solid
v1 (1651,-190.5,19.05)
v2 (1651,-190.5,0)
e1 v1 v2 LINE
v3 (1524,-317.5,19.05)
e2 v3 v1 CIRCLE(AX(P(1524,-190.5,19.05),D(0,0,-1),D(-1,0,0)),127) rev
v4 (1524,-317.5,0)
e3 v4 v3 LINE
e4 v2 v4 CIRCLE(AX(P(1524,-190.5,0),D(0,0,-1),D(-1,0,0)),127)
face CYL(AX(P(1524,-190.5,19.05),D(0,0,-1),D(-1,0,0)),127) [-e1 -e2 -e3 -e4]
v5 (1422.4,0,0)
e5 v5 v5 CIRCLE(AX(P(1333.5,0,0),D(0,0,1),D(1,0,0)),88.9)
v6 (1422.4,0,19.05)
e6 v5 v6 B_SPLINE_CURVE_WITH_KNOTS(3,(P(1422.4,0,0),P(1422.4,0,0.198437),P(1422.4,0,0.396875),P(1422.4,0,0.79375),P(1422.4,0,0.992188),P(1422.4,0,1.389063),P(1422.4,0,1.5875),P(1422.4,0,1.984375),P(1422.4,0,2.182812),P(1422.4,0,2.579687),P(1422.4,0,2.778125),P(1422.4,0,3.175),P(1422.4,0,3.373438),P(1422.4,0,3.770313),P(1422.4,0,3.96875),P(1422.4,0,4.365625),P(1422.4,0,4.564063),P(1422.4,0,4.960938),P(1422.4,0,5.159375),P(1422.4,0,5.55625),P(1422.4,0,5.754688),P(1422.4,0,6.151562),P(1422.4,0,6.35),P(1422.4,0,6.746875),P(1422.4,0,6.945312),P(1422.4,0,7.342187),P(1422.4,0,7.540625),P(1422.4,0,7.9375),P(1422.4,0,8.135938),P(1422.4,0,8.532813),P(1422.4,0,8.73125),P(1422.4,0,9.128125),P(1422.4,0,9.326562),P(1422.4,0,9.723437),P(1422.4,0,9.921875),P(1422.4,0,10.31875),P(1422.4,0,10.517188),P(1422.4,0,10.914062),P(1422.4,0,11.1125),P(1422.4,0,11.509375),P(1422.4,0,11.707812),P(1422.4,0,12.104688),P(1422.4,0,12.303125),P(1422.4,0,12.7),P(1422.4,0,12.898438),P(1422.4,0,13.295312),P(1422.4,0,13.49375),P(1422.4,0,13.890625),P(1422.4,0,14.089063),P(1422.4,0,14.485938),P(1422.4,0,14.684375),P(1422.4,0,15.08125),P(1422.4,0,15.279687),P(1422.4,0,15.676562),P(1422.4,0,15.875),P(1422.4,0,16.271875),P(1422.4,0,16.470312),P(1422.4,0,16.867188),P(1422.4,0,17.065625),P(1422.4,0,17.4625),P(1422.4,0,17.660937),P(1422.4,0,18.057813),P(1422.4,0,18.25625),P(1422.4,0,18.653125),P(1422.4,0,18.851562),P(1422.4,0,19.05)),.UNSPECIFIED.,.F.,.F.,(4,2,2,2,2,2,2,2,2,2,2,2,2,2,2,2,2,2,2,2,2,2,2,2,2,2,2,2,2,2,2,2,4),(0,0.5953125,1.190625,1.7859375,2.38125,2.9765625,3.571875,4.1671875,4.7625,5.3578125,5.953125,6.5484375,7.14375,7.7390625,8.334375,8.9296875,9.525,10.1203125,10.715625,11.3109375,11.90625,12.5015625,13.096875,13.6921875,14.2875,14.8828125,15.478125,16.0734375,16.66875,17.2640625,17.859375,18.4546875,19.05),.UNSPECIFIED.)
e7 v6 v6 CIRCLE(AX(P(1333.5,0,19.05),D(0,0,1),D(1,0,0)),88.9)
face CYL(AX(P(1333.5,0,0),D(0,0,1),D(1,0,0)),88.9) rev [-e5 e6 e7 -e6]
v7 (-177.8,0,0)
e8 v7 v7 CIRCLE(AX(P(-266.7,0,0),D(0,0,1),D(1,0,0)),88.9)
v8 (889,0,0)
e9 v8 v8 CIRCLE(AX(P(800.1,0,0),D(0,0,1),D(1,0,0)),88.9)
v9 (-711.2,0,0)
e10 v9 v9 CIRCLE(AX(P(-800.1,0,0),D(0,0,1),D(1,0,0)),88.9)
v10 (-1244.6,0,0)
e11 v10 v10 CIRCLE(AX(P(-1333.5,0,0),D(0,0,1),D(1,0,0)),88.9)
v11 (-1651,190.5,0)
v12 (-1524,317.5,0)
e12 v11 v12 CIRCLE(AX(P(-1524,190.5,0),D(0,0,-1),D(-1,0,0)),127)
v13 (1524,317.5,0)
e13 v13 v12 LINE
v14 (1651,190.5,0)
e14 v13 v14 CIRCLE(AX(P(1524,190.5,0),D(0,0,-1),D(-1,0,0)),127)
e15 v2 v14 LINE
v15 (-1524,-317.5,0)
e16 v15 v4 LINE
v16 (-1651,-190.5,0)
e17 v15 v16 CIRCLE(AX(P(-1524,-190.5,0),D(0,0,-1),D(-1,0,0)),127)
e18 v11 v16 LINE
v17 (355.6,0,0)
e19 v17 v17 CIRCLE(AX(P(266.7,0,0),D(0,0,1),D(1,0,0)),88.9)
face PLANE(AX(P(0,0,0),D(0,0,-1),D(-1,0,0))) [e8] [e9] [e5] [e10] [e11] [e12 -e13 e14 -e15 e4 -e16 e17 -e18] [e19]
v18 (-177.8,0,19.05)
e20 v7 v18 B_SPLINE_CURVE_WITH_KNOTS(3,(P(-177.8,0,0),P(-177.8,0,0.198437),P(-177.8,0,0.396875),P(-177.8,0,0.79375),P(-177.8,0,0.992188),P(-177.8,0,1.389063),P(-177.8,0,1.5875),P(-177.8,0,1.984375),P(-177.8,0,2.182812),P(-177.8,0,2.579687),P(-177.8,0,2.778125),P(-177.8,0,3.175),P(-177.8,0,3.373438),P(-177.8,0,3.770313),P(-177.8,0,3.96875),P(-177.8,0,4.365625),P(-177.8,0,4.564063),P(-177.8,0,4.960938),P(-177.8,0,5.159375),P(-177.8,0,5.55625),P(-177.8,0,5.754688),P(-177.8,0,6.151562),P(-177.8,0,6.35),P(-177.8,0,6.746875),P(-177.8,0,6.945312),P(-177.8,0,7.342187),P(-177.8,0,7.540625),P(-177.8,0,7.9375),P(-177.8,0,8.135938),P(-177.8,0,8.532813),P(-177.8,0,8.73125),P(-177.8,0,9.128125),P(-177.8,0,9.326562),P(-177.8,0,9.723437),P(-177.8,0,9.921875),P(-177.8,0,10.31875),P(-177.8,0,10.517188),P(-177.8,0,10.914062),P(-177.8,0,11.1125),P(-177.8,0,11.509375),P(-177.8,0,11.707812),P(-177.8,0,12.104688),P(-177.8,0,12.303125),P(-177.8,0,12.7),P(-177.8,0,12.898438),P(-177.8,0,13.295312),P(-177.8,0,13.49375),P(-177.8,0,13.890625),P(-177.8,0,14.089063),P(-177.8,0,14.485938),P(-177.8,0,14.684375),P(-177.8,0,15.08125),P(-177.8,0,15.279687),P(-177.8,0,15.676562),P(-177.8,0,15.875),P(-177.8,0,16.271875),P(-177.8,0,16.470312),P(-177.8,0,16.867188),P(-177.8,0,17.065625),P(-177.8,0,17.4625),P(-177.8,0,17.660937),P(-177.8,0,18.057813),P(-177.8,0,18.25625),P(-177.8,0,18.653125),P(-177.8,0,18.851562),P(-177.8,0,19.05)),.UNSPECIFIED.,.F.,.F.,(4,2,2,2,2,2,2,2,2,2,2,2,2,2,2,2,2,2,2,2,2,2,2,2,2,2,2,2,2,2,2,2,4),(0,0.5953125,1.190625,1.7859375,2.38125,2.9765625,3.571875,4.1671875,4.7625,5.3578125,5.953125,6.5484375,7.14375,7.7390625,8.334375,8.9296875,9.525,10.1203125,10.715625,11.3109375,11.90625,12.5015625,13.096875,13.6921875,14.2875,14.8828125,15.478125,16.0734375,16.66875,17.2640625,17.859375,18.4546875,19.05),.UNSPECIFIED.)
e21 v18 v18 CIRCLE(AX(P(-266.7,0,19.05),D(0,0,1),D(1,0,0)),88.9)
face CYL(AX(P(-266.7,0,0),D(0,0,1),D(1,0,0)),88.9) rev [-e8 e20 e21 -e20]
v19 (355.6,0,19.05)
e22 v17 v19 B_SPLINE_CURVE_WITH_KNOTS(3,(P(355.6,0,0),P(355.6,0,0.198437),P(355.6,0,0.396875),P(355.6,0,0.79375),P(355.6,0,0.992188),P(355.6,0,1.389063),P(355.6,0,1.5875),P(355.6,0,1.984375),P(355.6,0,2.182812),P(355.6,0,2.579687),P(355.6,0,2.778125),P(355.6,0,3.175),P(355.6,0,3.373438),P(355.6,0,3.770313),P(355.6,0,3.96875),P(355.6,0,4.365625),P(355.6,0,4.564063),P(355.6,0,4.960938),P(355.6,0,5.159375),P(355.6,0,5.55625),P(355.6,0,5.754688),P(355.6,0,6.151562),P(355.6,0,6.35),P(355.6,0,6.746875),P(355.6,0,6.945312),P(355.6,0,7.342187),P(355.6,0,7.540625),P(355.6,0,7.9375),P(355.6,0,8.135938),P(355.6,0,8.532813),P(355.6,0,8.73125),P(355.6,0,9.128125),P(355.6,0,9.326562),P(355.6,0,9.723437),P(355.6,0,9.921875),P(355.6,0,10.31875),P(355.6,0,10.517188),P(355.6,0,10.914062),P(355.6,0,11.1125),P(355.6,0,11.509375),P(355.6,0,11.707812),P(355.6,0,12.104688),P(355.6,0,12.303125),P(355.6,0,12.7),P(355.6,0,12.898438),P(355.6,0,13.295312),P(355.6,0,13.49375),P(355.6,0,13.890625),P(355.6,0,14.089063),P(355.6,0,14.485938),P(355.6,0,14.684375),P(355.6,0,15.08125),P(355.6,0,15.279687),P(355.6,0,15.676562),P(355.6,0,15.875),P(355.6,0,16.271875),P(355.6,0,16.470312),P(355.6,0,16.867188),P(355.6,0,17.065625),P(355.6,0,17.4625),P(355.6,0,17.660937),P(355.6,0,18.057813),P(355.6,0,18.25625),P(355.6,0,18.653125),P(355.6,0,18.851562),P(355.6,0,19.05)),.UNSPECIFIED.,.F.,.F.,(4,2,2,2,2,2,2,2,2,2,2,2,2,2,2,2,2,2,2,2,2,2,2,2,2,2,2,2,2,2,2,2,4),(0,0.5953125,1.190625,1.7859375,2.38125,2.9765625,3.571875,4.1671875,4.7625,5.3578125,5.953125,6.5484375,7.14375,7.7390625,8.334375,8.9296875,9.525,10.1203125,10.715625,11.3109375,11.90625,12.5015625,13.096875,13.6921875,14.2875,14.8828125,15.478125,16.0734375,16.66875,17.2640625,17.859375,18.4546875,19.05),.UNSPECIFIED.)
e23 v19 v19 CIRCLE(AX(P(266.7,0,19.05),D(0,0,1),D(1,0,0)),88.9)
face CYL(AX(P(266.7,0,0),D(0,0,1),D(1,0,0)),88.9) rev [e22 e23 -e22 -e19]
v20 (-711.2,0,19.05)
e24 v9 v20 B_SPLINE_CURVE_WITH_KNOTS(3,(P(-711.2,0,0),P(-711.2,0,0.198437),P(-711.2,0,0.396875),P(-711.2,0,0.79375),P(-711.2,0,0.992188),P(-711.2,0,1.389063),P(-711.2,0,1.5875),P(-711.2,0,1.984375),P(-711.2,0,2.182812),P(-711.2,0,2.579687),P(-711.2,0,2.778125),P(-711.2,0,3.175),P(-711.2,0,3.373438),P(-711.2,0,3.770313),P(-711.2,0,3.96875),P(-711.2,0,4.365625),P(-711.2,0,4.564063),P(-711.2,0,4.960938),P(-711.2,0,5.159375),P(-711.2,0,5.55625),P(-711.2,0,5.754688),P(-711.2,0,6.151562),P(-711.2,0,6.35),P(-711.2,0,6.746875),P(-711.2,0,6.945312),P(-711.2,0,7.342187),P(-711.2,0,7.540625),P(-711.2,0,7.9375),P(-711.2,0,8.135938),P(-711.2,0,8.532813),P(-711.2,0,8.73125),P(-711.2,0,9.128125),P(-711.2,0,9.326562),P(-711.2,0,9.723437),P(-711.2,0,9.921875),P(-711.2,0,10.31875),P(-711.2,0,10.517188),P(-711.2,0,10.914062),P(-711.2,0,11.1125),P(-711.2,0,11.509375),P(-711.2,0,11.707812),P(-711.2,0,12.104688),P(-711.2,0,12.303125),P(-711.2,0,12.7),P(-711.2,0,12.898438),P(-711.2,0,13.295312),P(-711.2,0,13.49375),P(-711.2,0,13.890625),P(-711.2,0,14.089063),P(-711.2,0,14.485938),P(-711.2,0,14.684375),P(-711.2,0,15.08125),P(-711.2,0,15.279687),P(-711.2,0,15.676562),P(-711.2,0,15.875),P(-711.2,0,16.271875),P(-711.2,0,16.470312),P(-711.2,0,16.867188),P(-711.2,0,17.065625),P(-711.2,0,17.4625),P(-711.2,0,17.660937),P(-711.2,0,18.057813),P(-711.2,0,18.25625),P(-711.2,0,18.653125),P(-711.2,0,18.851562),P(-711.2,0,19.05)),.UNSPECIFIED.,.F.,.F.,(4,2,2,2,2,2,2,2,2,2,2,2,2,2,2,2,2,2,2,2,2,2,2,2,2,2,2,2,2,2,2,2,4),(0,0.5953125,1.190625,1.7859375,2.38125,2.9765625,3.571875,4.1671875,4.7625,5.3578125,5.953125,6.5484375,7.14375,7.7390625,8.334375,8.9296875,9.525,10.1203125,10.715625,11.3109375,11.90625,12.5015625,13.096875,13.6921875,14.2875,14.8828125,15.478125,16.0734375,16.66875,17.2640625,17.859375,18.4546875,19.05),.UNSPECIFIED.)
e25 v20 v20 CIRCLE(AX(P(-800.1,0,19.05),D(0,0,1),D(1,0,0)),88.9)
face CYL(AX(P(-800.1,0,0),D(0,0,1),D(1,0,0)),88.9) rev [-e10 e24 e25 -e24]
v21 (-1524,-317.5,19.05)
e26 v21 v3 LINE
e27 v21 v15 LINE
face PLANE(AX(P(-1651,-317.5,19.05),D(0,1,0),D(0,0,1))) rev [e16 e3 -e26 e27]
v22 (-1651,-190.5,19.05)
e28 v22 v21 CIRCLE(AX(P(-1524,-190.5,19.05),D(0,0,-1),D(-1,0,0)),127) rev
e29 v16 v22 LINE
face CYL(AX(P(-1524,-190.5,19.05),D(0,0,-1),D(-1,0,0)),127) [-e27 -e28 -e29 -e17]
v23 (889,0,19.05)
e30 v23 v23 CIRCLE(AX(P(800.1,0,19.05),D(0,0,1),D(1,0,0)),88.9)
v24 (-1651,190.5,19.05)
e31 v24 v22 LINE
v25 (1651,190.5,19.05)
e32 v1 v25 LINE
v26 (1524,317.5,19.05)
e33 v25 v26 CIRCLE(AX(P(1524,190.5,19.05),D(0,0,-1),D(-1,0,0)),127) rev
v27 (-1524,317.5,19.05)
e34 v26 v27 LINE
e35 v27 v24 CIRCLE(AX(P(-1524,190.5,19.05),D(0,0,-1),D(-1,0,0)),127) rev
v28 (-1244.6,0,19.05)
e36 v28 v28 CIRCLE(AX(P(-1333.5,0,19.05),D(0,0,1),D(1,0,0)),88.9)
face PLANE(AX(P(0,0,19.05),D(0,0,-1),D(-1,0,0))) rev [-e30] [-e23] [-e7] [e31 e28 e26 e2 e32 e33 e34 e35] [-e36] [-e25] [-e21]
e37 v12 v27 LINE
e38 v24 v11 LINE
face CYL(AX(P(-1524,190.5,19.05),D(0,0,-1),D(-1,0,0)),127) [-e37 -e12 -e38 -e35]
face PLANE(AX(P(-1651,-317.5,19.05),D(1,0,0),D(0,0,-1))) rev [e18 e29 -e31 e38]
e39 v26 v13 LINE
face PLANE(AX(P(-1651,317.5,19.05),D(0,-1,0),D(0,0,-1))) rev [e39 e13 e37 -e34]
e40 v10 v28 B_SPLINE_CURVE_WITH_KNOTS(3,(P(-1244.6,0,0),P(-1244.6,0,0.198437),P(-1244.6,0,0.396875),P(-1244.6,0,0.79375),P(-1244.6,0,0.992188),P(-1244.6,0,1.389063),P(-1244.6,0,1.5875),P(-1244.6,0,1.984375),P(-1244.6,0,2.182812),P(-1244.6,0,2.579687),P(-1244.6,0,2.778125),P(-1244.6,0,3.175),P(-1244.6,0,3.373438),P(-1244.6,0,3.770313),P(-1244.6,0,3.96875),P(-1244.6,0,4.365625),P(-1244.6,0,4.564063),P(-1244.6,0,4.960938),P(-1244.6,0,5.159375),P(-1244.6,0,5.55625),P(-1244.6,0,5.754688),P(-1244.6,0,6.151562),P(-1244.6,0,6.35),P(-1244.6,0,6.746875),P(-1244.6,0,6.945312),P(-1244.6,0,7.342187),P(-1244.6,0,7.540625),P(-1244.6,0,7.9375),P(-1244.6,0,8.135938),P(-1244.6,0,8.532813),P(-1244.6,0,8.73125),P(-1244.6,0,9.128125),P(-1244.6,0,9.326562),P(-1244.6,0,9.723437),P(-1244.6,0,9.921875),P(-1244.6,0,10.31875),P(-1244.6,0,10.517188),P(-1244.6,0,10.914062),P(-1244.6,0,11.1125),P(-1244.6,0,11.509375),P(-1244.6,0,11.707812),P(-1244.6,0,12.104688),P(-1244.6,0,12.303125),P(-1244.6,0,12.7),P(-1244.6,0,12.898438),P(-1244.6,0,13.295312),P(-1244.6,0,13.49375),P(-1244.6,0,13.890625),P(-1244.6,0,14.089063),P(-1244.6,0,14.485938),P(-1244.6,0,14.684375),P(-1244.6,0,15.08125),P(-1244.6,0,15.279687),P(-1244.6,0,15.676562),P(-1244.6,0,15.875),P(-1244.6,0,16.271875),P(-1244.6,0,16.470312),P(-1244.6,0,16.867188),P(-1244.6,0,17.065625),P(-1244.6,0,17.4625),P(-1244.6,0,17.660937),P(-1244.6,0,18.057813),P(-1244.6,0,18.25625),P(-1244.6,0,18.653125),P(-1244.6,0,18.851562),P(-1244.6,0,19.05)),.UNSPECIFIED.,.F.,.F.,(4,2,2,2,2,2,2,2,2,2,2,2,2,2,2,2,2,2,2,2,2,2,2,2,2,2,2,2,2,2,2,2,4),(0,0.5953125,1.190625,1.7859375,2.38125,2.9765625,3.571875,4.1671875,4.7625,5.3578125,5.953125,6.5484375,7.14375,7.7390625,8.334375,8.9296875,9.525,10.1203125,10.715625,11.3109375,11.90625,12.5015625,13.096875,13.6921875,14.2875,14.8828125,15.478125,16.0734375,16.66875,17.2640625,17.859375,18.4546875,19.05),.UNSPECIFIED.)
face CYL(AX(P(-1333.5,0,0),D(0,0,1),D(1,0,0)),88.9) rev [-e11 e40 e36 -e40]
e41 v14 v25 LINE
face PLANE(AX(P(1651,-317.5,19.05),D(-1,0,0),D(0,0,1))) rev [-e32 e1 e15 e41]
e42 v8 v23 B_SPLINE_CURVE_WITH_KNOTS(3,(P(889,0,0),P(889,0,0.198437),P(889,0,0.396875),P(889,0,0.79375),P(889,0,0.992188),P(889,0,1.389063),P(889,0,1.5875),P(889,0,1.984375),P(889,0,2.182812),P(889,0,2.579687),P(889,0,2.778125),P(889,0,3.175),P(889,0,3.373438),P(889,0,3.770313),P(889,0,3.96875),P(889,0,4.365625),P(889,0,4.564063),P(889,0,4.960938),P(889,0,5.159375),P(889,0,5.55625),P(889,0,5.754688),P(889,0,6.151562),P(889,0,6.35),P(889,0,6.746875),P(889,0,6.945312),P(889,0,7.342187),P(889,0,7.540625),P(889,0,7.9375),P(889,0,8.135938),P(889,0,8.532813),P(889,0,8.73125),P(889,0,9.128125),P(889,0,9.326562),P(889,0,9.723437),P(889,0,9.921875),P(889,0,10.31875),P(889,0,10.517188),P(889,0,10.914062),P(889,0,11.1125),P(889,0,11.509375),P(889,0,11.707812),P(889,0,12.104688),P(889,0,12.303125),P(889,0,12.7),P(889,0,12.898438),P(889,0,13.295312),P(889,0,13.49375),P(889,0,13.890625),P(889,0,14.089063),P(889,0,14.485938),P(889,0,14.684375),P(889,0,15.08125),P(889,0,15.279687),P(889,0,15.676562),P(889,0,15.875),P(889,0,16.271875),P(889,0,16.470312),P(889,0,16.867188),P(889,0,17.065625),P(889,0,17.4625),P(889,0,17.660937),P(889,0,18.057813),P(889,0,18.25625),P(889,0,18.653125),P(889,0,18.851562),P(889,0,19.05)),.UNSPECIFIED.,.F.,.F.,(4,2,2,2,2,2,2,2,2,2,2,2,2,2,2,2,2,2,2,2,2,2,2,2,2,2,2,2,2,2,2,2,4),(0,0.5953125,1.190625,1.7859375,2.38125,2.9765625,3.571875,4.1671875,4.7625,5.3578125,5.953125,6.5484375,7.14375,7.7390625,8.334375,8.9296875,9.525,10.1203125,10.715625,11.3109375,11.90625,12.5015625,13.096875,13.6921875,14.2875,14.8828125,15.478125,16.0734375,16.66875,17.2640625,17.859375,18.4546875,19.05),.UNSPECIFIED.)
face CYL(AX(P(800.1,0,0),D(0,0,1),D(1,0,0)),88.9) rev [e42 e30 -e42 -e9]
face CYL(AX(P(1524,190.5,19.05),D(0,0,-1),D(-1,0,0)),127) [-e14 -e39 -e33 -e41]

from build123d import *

# Parameters (mm, degrees)
SKETCH1_W           = 3302
SKETCH1_H           = 635
BOSS_EXTRUDE1_DEPTH = 19.05
SKETCH2_R           = 88.9
CUT_EXTRUDE1_DEPTH  = 1682.359614271
FILLET1_R           = 127


with BuildPart() as part:
    # Sketch1 → Boss-Extrude1 (new body)
    with BuildSketch(Plane.XY):
        Rectangle(SKETCH1_W, SKETCH1_H)
    extrude(amount=BOSS_EXTRUDE1_DEPTH)

    # Sketch2 → Cut-Extrude1 (cut, through all)
    with BuildSketch(Plane.XY.offset(19.05)):
        with Locations((-1333.5, 0)):
            Circle(SKETCH2_R)
        with Locations((-800.1, 0)):
            Circle(SKETCH2_R)
        with Locations((-266.7, 0)):
            Circle(SKETCH2_R)
        with Locations((266.7, 0)):
            Circle(SKETCH2_R)
        with Locations((800.1, 0)):
            Circle(SKETCH2_R)
        with Locations((1333.5, 0)):
            Circle(SKETCH2_R)
    extrude(amount=-CUT_EXTRUDE1_DEPTH, mode=Mode.SUBTRACT)

    # Fillet1
    fillet1_edges = [part.edges().sort_by_distance(p)[0] for p in [
        (1651, -317.5, 9.525),
        (-1651, -317.5, 9.525),
        (-1651, 317.5, 9.525),
        (1651, 317.5, 9.525),
    ]]
    fillet(fillet1_edges, radius=FILLET1_R)


solid = part.part
